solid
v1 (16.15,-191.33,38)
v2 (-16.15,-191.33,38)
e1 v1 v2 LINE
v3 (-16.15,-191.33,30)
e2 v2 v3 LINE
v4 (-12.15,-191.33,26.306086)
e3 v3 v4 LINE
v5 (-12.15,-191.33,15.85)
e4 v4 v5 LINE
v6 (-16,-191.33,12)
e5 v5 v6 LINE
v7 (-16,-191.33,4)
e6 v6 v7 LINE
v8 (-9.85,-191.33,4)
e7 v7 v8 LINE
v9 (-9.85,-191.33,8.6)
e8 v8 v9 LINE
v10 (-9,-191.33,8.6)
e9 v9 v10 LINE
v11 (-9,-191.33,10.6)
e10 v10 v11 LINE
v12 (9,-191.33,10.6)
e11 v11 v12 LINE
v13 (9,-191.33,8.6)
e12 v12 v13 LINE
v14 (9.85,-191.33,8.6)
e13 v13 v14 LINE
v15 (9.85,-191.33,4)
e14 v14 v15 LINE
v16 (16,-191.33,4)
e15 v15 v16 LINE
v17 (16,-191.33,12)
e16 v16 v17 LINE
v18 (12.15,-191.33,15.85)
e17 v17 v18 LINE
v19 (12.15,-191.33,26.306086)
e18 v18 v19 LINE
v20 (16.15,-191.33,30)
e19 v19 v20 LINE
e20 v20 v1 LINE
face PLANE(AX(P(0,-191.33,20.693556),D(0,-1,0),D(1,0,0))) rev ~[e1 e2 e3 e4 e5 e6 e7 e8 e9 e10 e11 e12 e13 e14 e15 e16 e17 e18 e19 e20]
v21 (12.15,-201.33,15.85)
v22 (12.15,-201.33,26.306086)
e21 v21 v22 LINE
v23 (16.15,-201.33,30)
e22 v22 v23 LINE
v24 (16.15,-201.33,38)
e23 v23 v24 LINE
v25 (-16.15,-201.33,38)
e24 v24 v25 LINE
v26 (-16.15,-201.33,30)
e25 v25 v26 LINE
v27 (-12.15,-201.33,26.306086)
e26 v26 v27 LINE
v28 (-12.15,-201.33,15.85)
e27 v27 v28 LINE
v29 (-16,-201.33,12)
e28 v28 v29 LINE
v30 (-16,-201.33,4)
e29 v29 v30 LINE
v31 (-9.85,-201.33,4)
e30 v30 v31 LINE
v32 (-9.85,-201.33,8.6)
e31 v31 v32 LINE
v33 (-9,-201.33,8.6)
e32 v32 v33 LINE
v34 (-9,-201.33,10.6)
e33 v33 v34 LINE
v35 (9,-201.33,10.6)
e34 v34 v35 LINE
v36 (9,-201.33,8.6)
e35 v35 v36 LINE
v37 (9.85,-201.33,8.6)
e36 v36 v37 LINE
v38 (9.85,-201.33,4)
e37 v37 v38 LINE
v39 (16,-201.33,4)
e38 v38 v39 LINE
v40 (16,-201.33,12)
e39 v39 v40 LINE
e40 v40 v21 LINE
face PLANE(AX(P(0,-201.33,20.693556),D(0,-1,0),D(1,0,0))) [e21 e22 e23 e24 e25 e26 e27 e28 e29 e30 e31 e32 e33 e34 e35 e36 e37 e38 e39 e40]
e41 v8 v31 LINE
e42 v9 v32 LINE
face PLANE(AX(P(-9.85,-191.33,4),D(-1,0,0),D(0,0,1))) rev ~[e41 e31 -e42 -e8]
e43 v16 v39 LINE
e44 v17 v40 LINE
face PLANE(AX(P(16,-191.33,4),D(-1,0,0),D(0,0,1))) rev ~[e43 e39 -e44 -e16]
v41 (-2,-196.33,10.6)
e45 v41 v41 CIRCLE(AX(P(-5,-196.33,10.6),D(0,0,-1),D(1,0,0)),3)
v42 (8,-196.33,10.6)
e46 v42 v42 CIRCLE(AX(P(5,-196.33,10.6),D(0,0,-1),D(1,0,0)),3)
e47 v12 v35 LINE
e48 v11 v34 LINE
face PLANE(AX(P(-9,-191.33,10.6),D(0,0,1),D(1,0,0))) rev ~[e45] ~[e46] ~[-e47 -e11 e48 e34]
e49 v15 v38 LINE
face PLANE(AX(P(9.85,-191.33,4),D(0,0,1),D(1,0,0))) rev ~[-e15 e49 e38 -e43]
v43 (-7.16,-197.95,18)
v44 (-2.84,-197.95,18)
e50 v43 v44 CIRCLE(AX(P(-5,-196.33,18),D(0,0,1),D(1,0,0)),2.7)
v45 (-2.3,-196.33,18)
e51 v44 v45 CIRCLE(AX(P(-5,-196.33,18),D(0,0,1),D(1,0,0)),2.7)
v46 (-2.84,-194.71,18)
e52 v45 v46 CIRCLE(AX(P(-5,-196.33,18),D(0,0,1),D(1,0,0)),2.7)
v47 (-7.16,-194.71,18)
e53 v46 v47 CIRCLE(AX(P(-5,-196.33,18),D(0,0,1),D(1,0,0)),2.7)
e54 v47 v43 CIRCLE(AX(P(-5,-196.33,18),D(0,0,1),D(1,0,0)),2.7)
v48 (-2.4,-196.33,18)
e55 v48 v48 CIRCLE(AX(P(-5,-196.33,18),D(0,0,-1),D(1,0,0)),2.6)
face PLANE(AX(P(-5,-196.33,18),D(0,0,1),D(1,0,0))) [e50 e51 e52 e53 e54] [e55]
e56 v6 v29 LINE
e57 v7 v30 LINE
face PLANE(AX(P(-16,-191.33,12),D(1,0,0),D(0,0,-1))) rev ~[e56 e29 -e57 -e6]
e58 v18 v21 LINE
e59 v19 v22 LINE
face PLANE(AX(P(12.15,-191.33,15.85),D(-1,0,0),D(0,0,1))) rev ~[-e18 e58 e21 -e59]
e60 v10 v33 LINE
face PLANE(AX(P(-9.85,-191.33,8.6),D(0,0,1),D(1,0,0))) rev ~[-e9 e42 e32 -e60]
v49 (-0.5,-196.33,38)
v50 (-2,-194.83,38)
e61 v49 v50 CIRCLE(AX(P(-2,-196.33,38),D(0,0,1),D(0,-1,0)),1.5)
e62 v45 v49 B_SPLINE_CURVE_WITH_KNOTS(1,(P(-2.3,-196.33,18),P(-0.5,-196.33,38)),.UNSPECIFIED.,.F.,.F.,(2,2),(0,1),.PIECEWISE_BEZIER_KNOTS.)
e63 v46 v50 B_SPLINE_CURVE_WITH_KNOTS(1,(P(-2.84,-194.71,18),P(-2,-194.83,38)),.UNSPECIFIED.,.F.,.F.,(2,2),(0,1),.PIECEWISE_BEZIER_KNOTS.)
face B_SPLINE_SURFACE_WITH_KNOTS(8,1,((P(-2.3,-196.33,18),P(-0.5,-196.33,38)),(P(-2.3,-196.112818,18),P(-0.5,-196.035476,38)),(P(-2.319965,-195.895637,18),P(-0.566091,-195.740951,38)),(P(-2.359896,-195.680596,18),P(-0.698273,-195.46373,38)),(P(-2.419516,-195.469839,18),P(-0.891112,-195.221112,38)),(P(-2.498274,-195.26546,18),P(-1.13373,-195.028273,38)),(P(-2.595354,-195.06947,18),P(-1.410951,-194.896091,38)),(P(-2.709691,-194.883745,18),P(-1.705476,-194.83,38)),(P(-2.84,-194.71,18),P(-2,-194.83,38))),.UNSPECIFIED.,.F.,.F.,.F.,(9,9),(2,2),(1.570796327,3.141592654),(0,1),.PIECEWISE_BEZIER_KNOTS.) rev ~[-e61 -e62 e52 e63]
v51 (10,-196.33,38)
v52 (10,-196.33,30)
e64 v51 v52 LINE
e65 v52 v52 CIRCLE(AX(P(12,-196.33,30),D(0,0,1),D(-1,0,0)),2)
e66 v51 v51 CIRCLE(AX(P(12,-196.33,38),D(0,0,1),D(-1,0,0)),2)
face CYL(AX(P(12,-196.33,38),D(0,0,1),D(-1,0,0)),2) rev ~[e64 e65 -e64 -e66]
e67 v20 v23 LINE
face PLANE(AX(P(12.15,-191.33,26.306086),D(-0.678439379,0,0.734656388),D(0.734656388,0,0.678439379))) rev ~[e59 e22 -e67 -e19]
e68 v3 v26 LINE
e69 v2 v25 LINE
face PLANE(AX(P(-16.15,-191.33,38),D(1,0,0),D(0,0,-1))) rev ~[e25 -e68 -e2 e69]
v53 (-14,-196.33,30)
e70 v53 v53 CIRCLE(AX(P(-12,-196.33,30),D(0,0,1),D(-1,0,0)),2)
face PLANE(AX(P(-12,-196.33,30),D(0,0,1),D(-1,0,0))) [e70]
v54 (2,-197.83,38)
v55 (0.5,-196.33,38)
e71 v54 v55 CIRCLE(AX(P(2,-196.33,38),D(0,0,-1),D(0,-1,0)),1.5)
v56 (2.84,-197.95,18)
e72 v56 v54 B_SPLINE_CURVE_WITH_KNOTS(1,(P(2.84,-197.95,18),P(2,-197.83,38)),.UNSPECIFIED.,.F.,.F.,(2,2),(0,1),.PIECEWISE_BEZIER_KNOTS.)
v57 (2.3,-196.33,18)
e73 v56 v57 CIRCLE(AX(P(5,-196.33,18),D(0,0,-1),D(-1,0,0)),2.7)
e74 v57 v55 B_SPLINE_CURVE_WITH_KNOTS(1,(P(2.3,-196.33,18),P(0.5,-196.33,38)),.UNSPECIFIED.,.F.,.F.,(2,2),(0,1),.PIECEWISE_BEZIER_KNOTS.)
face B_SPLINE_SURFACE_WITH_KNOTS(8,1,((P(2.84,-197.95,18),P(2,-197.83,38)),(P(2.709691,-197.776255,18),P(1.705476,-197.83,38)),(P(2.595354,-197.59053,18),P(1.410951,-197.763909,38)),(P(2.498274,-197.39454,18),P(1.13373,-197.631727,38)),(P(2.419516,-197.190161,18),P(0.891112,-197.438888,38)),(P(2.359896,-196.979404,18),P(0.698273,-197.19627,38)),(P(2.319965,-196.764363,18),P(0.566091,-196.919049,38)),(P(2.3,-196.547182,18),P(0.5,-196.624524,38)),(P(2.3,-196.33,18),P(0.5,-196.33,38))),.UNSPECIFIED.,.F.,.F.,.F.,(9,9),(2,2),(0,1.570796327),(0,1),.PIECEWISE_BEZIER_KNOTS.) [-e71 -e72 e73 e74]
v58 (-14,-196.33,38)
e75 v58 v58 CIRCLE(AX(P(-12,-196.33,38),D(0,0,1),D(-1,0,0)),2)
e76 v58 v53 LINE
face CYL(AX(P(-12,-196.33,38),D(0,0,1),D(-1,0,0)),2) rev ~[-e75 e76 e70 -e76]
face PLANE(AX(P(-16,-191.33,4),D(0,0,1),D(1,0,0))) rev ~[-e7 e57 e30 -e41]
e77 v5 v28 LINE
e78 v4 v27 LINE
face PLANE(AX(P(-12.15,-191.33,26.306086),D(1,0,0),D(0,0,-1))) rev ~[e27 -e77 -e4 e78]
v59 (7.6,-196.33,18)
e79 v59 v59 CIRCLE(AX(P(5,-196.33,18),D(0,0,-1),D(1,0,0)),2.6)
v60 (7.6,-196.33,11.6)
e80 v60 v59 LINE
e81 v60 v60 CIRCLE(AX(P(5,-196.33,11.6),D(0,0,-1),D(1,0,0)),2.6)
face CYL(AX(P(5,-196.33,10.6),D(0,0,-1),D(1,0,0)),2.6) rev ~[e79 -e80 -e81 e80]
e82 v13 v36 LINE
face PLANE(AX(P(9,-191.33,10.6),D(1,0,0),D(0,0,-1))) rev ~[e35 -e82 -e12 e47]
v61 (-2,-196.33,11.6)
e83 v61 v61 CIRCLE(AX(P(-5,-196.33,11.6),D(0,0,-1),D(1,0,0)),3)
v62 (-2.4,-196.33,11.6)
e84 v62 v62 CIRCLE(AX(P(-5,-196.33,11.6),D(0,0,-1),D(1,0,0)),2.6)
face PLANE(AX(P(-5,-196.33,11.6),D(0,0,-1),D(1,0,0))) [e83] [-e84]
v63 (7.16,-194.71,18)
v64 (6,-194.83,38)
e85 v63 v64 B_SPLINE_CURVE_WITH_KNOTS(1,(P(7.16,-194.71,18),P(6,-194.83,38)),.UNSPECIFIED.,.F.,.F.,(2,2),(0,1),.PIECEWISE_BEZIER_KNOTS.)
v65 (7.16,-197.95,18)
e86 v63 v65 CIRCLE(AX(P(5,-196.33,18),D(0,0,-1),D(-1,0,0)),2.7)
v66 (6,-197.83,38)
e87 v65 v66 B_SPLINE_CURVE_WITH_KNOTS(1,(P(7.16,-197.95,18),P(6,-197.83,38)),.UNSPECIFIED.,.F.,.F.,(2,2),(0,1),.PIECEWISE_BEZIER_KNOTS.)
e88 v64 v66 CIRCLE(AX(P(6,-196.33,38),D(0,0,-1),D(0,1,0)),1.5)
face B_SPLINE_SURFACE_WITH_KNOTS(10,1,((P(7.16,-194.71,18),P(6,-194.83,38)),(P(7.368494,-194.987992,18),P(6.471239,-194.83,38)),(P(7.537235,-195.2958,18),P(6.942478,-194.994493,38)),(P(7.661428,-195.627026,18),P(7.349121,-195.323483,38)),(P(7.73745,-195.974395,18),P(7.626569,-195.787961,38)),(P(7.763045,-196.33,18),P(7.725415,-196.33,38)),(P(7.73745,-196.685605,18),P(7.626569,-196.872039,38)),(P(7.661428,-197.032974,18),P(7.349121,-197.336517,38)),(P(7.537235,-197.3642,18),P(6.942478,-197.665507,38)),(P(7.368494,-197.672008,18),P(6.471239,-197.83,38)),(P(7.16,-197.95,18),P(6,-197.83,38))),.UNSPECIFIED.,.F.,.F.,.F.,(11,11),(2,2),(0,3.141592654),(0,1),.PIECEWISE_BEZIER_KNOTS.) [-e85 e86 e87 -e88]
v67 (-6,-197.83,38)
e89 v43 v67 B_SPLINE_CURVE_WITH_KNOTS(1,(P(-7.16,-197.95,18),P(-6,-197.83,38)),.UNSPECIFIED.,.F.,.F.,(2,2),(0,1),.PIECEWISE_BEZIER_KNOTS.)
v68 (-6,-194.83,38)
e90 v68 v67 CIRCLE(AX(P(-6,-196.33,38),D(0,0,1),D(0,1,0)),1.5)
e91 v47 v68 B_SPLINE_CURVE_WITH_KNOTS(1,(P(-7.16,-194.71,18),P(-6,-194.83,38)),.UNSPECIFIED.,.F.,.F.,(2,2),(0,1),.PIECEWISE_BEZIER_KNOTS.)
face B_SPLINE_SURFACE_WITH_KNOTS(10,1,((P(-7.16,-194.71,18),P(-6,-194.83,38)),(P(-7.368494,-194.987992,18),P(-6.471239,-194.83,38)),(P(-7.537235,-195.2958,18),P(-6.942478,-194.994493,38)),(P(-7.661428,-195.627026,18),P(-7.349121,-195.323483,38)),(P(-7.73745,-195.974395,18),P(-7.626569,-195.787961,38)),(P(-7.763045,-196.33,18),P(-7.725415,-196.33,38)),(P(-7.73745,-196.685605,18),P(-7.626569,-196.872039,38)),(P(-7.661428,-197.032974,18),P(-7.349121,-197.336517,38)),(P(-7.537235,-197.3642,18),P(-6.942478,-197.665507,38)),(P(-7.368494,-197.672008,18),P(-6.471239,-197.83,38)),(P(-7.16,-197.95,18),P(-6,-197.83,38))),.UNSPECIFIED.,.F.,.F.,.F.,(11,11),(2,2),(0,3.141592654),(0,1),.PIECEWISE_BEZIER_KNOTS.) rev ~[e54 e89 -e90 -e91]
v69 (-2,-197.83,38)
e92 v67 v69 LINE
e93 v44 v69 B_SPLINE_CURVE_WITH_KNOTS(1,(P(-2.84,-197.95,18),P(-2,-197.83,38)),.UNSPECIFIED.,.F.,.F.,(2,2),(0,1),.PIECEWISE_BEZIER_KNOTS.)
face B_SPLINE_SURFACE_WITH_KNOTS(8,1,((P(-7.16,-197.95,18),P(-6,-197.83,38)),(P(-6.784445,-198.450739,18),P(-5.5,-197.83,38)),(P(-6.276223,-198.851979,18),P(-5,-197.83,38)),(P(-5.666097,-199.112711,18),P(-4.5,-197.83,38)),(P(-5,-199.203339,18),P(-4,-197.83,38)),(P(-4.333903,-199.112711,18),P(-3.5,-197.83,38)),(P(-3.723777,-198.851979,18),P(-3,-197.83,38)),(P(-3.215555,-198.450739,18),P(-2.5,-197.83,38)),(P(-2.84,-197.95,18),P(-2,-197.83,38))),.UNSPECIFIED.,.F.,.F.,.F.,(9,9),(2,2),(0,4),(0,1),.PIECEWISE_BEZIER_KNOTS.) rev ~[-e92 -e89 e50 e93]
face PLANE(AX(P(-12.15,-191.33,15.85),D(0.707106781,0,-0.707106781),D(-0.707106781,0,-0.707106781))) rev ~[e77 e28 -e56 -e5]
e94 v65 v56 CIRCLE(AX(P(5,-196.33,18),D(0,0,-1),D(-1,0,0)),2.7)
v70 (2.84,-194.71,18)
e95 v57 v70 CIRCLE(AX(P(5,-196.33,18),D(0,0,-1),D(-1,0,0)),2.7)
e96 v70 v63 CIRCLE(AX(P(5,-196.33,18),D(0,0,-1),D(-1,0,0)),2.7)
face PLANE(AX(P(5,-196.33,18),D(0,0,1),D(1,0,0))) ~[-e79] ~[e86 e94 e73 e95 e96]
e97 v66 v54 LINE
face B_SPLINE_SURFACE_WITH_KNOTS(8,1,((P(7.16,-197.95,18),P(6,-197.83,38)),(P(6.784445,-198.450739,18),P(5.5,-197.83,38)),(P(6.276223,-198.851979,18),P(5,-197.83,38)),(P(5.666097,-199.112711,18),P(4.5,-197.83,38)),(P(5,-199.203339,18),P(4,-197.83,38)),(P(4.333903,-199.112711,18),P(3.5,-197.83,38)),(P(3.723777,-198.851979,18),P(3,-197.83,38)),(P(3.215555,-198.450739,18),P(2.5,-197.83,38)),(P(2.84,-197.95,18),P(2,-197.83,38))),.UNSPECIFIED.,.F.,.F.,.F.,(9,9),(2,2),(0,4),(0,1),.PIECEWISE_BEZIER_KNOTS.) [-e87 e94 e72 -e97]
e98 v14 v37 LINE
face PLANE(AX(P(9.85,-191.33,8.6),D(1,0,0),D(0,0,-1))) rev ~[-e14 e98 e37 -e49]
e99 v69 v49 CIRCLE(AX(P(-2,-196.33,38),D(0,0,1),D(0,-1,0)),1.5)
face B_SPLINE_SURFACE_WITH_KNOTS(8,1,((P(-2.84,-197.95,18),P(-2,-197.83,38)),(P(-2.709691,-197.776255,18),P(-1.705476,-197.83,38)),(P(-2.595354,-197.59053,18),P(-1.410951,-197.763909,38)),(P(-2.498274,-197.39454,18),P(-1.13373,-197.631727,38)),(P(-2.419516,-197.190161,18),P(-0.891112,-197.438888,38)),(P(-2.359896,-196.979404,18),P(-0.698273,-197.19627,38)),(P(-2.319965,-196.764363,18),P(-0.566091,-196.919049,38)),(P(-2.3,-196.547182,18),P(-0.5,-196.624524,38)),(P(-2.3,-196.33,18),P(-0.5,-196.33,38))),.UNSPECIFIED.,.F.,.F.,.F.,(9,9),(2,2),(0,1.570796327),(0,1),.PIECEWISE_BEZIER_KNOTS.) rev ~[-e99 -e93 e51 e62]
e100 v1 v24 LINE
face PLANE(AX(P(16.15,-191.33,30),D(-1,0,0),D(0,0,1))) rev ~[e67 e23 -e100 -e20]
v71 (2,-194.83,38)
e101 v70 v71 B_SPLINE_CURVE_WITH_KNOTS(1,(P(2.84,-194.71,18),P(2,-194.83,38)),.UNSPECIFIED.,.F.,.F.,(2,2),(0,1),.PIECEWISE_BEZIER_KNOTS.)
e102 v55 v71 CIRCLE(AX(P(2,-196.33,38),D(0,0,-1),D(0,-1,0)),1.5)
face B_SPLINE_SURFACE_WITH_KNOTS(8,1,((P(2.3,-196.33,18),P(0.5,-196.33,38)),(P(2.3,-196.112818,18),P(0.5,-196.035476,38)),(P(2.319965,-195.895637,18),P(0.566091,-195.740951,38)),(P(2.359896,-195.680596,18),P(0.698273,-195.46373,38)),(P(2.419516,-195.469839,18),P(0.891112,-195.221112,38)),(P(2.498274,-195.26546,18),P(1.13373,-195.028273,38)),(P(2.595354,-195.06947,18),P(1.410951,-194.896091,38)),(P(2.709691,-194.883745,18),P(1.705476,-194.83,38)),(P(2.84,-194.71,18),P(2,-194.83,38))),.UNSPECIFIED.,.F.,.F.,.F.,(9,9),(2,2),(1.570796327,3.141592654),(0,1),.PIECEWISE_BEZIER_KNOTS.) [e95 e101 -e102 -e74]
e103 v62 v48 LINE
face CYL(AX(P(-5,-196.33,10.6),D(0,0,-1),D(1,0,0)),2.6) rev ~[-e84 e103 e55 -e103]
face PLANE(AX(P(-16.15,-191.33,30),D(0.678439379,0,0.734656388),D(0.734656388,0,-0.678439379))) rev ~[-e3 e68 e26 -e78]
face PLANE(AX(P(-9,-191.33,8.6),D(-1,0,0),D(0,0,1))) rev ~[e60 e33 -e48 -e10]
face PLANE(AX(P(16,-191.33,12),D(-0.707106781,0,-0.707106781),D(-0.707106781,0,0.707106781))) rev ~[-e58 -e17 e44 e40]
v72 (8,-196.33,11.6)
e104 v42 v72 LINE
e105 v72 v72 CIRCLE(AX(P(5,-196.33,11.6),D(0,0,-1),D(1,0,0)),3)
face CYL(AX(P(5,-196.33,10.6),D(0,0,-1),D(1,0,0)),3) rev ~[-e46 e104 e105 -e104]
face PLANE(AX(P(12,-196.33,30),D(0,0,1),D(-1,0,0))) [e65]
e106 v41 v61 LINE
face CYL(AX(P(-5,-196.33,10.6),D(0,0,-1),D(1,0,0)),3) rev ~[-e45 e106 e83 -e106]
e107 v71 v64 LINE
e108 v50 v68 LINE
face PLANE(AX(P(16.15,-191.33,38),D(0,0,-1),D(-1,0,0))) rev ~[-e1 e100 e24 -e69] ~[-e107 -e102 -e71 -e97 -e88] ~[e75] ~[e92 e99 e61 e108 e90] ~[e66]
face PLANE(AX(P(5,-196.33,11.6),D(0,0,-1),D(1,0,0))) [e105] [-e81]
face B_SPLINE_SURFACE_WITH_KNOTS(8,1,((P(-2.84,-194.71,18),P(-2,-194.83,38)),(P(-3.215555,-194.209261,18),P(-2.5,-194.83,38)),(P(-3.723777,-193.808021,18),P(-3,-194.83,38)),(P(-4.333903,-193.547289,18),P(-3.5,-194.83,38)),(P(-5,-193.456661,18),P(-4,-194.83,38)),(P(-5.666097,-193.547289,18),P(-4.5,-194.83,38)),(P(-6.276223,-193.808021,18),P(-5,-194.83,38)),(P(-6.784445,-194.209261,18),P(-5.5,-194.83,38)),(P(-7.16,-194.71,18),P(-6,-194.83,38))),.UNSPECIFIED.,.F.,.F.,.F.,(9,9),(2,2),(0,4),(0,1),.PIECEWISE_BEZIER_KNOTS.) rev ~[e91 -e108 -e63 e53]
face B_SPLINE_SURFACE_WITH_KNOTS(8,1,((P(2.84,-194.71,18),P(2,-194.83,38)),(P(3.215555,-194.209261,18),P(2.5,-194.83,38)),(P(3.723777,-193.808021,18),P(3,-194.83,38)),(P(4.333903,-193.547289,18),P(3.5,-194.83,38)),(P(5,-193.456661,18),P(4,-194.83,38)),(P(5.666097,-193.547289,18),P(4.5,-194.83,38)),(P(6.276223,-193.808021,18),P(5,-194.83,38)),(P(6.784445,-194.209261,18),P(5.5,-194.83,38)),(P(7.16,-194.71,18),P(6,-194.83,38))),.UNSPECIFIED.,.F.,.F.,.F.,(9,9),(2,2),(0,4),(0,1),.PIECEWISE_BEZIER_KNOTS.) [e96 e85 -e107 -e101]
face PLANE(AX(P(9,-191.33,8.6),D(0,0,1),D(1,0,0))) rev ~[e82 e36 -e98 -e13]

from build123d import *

# Parameters (mm, degrees)
SKETCH066_R     = 2.7
PAD030_DEPTH    = 10
SKETCH063_R     = 2.6
POCKET025_DEPTH = 8
SKETCH064_R     = 3
POCKET026_DEPTH = 1
SKETCH067_R     = 2
POCKET027_DEPTH = 8


with BuildPart() as loft003:
    # Sketch066 → Loft003 section 0
    with BuildSketch(Plane.XY.offset(18)):
        with Locations((-5, 0)):
            Circle(SKETCH066_R)
    # Sketch065 → Loft003 section 1
    with BuildSketch(Plane.XY.offset(38)):
        with BuildLine():
            ThreePointArc((-6, 1.5), (-7.5, 0), (-6, -1.5))
            Line((-6, -1.5), (-2, -1.5))
            ThreePointArc((-2, -1.5), (-0.5, 0), (-2, 1.5))
            Line((-2, 1.5), (-6, 1.5))
        make_face()
    loft()


with BuildPart() as part_mirroring003:
    # Part__Mirroring003: instance of Loft003
    add(loft003.part.mirror(Plane(origin=(0, 0, 0), x_dir=(0, -1, 0), z_dir=(1, 0, 0))))


with BuildPart() as fusion003:
    # Fusion003 base: copy of Loft003
    add(loft003.part)

    # Fusion003: union Part__Mirroring003
    add(part_mirroring003.part)


with BuildPart() as cut002:
    # Sketch062 → Pad030 (new body)
    with BuildSketch(Plane.XZ):
        Polygon((-16, 4), (-9.85, 4), (-9.85, 7), (-9.85, 8.6), (-9, 8.6), (-9, 10.6), (9, 10.6), (9, 8.6), (9.85, 8.6), (9.85, 7), (9.85, 4), (16, 4), (16, 12), (12.15, 15.85), (12.15, 26.306086), (16.15, 30), (16.15, 38), (-16.15, 38), (-16.15, 30), (-12.15, 26.306086), (-12.15, 15.85), (-16, 12), align=None)
    extrude(amount=PAD030_DEPTH)

    # Sketch063 (on Face7 of Pad030) → Pocket025 (cut)
    with BuildSketch(Plane(origin=(0, 0, 10.6), x_dir=(1, 0, 0), z_dir=(0, 0, -1))):
        with Locations((-5, 5)):
            Circle(SKETCH063_R)
        with Locations((5, 5)):
            Circle(SKETCH063_R)
    extrude(amount=-POCKET025_DEPTH, mode=Mode.SUBTRACT)

    # Sketch064 (on Face11 of Pocket025) → Pocket026 (cut)
    with BuildSketch(Plane(origin=(0, 0, 10.6), x_dir=(1, 0, 0), z_dir=(0, 0, -1))):
        with Locations((-5, 5)):
            Circle(SKETCH064_R)
        with Locations((5, 5)):
            Circle(SKETCH064_R)
    extrude(amount=-POCKET026_DEPTH, mode=Mode.SUBTRACT)

    # Sketch067 (on Face22 of Pocket026) → Pocket027 (cut)
    with BuildSketch(Plane(origin=(0, 0, 38), x_dir=(-1, 0, 0), z_dir=(0, 0, 1))):
        with Locations((-12, 5)):
            Circle(SKETCH067_R)
        with Locations((12, 5)):
            Circle(SKETCH067_R)
    extrude(amount=-POCKET027_DEPTH, mode=Mode.SUBTRACT)


with BuildPart() as cut002_1:
    # Body024 placement: moved
    add(cut002.part.moved(Location((0, 5, 0))))

    # Cut002: cut Fusion003
    add(fusion003.part, mode=Mode.SUBTRACT)


with BuildPart() as cut002_2:
    # Cut002 placement: moved
    add(cut002_1.part.moved(Location((0, -196.33, 0))))


solid = cut002_2.part
